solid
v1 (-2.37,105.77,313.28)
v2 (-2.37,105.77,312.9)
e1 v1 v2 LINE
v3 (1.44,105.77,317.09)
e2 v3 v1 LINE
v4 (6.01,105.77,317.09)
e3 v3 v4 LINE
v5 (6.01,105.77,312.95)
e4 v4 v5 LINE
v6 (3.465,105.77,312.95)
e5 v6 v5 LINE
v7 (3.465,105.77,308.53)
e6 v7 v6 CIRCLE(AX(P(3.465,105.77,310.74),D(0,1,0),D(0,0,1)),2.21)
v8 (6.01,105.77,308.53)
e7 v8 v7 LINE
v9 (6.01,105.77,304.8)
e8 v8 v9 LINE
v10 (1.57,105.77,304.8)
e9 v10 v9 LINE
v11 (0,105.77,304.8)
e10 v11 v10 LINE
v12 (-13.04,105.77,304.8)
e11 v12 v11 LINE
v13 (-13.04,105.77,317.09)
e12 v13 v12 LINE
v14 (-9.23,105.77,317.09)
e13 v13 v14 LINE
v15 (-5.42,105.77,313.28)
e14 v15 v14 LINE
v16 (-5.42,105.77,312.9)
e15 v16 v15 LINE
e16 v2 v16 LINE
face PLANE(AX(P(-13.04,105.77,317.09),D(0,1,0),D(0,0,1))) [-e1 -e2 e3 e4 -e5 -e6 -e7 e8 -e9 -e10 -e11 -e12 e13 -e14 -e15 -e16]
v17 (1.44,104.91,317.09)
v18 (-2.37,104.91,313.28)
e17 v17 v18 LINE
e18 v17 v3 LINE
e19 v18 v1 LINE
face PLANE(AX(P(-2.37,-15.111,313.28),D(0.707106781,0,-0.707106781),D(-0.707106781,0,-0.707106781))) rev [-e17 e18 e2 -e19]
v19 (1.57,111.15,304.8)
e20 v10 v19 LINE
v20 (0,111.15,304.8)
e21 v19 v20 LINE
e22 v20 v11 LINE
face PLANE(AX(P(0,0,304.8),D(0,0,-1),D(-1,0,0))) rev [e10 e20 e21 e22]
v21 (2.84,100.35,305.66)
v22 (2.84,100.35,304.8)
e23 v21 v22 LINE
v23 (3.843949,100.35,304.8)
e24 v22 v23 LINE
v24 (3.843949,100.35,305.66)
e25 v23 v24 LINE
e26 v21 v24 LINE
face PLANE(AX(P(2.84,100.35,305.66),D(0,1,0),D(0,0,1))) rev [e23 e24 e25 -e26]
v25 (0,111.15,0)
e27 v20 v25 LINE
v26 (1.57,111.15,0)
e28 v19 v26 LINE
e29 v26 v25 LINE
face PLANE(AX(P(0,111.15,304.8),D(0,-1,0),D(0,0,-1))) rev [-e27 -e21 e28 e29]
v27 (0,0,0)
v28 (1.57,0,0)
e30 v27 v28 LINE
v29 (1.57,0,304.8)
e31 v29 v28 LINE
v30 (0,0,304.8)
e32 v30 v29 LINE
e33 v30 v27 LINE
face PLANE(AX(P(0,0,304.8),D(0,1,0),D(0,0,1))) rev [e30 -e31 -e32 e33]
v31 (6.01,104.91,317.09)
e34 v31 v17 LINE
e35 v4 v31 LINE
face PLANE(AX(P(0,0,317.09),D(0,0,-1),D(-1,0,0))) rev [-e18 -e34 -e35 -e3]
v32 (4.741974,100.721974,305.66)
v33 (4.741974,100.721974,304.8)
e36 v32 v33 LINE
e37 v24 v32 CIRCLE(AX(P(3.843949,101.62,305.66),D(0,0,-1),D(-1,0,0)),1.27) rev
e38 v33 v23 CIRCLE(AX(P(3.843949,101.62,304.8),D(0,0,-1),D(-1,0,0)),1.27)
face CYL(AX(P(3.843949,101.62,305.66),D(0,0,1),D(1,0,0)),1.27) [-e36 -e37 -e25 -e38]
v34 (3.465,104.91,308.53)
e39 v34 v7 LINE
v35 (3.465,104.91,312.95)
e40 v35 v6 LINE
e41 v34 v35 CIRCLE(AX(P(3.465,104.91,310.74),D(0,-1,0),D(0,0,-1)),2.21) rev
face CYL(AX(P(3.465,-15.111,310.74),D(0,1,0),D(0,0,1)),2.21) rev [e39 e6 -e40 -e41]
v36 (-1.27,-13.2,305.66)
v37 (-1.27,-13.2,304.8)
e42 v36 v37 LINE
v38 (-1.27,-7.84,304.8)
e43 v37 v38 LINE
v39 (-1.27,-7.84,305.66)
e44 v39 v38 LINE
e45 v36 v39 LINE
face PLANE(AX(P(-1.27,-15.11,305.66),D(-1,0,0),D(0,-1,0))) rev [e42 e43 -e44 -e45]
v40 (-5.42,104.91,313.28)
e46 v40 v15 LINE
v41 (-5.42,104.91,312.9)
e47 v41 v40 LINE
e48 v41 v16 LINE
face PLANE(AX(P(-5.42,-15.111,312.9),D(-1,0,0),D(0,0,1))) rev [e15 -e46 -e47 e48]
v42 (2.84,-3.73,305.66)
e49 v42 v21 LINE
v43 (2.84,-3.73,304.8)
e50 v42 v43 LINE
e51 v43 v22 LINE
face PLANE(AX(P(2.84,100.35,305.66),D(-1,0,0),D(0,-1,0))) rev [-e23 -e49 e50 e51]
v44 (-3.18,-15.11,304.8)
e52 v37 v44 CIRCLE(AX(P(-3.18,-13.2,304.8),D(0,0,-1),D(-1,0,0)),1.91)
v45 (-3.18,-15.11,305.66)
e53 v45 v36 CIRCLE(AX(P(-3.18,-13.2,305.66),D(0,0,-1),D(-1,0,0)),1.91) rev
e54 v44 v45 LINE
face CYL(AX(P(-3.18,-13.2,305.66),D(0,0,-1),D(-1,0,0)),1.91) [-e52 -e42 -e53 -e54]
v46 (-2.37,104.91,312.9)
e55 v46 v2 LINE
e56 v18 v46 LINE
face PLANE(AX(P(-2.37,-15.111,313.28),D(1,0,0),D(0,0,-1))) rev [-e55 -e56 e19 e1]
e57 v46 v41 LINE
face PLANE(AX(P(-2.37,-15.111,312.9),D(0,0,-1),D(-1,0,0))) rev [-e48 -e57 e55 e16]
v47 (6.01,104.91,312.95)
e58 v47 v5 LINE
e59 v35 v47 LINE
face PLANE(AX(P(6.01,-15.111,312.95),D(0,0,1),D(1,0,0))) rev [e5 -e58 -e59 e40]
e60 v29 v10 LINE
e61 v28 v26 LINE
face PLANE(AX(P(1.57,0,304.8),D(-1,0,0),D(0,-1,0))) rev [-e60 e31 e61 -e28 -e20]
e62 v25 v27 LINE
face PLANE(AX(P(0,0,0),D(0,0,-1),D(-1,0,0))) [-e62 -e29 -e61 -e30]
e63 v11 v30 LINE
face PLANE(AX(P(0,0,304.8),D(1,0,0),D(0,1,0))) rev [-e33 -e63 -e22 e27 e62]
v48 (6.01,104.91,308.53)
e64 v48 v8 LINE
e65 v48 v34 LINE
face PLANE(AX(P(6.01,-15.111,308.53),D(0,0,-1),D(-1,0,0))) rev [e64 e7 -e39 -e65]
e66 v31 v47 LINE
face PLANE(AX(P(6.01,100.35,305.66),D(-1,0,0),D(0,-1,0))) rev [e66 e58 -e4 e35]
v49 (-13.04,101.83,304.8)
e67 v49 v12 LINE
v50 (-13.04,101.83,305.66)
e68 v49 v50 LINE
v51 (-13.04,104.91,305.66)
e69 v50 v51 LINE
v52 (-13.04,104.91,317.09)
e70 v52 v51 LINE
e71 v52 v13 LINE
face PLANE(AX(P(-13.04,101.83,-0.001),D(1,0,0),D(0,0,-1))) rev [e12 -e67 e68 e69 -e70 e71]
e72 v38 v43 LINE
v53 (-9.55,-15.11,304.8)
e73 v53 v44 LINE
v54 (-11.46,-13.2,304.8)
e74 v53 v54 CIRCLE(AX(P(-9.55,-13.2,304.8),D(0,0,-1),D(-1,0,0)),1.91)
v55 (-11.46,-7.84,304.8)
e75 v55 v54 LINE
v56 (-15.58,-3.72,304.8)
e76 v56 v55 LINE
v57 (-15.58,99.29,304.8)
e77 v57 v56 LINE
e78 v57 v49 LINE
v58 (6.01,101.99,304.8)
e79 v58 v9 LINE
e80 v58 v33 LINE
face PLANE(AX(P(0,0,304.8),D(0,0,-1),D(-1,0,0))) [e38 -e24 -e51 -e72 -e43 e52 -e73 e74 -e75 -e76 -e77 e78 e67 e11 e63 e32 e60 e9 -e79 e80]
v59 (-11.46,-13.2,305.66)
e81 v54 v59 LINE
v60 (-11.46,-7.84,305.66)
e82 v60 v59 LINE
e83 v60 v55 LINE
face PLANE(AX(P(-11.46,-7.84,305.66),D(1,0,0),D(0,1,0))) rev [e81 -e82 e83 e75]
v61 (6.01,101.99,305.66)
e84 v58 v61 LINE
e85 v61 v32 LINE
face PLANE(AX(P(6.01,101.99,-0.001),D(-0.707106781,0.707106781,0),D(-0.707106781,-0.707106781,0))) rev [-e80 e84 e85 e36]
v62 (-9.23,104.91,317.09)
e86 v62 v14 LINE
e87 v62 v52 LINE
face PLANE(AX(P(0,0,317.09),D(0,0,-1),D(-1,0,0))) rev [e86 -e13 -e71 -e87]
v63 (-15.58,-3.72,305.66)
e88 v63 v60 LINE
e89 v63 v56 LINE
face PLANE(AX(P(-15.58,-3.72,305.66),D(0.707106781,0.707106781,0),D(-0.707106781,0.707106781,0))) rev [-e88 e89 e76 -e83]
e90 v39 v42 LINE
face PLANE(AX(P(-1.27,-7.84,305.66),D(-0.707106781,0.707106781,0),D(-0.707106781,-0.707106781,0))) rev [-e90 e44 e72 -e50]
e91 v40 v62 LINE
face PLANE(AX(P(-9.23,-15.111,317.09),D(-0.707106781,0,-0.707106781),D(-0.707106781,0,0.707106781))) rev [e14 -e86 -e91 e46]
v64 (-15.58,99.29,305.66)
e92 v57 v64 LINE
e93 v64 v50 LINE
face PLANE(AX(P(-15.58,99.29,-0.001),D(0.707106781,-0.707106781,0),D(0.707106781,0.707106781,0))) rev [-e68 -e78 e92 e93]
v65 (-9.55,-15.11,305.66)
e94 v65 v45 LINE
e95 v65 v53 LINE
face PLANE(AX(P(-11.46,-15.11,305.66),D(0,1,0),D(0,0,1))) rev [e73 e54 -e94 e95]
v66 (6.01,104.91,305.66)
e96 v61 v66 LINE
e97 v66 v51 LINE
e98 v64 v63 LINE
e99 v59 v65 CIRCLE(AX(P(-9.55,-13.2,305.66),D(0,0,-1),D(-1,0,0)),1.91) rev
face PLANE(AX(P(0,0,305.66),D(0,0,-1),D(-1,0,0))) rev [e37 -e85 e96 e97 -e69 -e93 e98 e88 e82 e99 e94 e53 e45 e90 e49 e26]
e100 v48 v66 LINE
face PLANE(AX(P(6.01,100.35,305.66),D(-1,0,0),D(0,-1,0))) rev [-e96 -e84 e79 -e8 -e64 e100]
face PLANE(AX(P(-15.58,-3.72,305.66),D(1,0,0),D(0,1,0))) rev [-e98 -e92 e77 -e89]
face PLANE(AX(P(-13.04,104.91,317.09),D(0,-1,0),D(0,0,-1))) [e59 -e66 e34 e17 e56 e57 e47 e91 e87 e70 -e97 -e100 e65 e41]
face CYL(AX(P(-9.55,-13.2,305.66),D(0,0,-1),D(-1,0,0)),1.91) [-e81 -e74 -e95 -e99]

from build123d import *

# Parameters (mm, degrees)
SKETCH1_W           = 1.57
SKETCH1_H           = 111.15
PCB_DEPTH           = 304.8
BOSS_EXTRUDE2_DEPTH = 0.86
CUT_EXTRUDE1_REACH  = 327.615
CUT_EXTRUDE2_REACH  = 327.615
FILLET2_R           = 1.27
FILLET1_R           = 1.91
SKETCH8_W           = 19.05
SKETCH8_H           = 0.86
BOSS_EXTRUDE4_DEPTH = 12.29
CUT_EXTRUDE3_REACH  = 341.707


with BuildPart() as part:
    # Sketch1 → pcb (new body)
    with BuildSketch(Plane.XY):
        with Locations((0.785, 55.575)):
            Rectangle(SKETCH1_W, SKETCH1_H)
    extrude(amount=PCB_DEPTH)

    # mounting-slot → Boss-Extrude2 (add)
    with BuildSketch(Plane.XY.offset(304.8)):
        Polygon((-15.58, 104.91), (2.84, 104.91), (6.01, 104.91), (6.01, 100.35), (2.84, 100.35), (2.84, -3.73), (-1.27, -7.84), (-1.27, -15.11), (-11.46, -15.11), (-11.46, -7.84), (-15.58, -3.72), align=None)
    extrude(amount=BOSS_EXTRUDE2_DEPTH)

    # Sketch5 → Cut-Extrude1 (cut, up to next)
    with BuildSketch(Plane.XY.offset(305.66), mode=Mode.PRIVATE) as cut_extrude1_sk1:
        Polygon((-15.58, 99.29), (-13.04, 101.83), (-13.04, 104.91), (-15.58, 104.91), align=None)
    cut_extrude1_tool1 = extrude(cut_extrude1_sk1.sketch, amount=-CUT_EXTRUDE1_REACH, mode=Mode.PRIVATE) & part.part
    add(cut_extrude1_tool1.solids().sort_by_distance((-14.433594, 102.673203, 305.66))[0], mode=Mode.SUBTRACT)

    # Sketch7 → Cut-Extrude2 (cut, up to next)
    with BuildSketch(Plane.XY.offset(305.66), mode=Mode.PRIVATE) as cut_extrude2_sk1:
        Polygon((6.01, 101.99), (4.37, 100.35), (6.01, 100.35), align=None)
    cut_extrude2_tool1 = extrude(cut_extrude2_sk1.sketch, amount=-CUT_EXTRUDE2_REACH, mode=Mode.PRIVATE) & part.part
    add(cut_extrude2_tool1.solids().sort_by_distance((5.463333, 100.896667, 305.66))[0], mode=Mode.SUBTRACT)

    # Fillet2
    fillet2_edges = [part.edges().sort_by_distance(p)[0] for p in [
        (4.37, 100.35, 305.23),
    ]]
    fillet(fillet2_edges, radius=FILLET2_R)

    # Fillet1
    fillet1_edges = [part.edges().sort_by_distance(p)[0] for p in [
        (-11.46, -15.11, 305.23),
        (-1.27, -15.11, 305.23),
    ]]
    fillet(fillet1_edges, radius=FILLET1_R)

    # Sketch8 → Boss-Extrude4 (add)
    with BuildSketch(Plane(origin=(0, 0, 304.8), x_dir=(-1, 0, 0), z_dir=(0, 0, -1))):
        with Locations((3.515, 105.34)):
            Rectangle(SKETCH8_W, SKETCH8_H)
    extrude(amount=-BOSS_EXTRUDE4_DEPTH)

    # Sketch9 → Cut-Extrude3 (cut, up to next)
    with BuildSketch(Plane(origin=(0, 105.77, 0), x_dir=(1, 0, 0), z_dir=(0, 1, 0)), mode=Mode.PRIVATE) as cut_extrude3_sk1:
        Polygon((-9.23, -317.09), (-5.42, -313.28), (-5.42, -312.9), (-2.37, -312.9), (-2.37, -313.28), (1.44, -317.09), align=None)
    cut_extrude3_tool1 = extrude(cut_extrude3_sk1.sketch, amount=-CUT_EXTRUDE3_REACH, mode=Mode.PRIVATE) & part.part
    # Sketch9 → Cut-Extrude3 (cut, up to next)
    with BuildSketch(Plane(origin=(0, 105.77, 0), x_dir=(1, 0, 0), z_dir=(0, 1, 0)), mode=Mode.PRIVATE) as cut_extrude3_sk2:
        with BuildLine():
            Line((6.01, -308.53), (3.465, -308.53))
            ThreePointArc((3.465, -308.53), (1.255, -310.74), (3.465, -312.95))
            Line((3.465, -312.95), (6.01, -312.95))
            Line((6.01, -312.95), (6.01, -308.53))
        make_face()
    cut_extrude3_tool2 = extrude(cut_extrude3_sk2.sketch, amount=-CUT_EXTRUDE3_REACH, mode=Mode.PRIVATE) & part.part
    add(cut_extrude3_tool1.solids().sort_by_distance((-3.895, 105.77, 315.433744))[0], mode=Mode.SUBTRACT)
    add(cut_extrude3_tool2.solids().sort_by_distance((3.841216, 105.77, 310.74))[0], mode=Mode.SUBTRACT)


solid = part.part
